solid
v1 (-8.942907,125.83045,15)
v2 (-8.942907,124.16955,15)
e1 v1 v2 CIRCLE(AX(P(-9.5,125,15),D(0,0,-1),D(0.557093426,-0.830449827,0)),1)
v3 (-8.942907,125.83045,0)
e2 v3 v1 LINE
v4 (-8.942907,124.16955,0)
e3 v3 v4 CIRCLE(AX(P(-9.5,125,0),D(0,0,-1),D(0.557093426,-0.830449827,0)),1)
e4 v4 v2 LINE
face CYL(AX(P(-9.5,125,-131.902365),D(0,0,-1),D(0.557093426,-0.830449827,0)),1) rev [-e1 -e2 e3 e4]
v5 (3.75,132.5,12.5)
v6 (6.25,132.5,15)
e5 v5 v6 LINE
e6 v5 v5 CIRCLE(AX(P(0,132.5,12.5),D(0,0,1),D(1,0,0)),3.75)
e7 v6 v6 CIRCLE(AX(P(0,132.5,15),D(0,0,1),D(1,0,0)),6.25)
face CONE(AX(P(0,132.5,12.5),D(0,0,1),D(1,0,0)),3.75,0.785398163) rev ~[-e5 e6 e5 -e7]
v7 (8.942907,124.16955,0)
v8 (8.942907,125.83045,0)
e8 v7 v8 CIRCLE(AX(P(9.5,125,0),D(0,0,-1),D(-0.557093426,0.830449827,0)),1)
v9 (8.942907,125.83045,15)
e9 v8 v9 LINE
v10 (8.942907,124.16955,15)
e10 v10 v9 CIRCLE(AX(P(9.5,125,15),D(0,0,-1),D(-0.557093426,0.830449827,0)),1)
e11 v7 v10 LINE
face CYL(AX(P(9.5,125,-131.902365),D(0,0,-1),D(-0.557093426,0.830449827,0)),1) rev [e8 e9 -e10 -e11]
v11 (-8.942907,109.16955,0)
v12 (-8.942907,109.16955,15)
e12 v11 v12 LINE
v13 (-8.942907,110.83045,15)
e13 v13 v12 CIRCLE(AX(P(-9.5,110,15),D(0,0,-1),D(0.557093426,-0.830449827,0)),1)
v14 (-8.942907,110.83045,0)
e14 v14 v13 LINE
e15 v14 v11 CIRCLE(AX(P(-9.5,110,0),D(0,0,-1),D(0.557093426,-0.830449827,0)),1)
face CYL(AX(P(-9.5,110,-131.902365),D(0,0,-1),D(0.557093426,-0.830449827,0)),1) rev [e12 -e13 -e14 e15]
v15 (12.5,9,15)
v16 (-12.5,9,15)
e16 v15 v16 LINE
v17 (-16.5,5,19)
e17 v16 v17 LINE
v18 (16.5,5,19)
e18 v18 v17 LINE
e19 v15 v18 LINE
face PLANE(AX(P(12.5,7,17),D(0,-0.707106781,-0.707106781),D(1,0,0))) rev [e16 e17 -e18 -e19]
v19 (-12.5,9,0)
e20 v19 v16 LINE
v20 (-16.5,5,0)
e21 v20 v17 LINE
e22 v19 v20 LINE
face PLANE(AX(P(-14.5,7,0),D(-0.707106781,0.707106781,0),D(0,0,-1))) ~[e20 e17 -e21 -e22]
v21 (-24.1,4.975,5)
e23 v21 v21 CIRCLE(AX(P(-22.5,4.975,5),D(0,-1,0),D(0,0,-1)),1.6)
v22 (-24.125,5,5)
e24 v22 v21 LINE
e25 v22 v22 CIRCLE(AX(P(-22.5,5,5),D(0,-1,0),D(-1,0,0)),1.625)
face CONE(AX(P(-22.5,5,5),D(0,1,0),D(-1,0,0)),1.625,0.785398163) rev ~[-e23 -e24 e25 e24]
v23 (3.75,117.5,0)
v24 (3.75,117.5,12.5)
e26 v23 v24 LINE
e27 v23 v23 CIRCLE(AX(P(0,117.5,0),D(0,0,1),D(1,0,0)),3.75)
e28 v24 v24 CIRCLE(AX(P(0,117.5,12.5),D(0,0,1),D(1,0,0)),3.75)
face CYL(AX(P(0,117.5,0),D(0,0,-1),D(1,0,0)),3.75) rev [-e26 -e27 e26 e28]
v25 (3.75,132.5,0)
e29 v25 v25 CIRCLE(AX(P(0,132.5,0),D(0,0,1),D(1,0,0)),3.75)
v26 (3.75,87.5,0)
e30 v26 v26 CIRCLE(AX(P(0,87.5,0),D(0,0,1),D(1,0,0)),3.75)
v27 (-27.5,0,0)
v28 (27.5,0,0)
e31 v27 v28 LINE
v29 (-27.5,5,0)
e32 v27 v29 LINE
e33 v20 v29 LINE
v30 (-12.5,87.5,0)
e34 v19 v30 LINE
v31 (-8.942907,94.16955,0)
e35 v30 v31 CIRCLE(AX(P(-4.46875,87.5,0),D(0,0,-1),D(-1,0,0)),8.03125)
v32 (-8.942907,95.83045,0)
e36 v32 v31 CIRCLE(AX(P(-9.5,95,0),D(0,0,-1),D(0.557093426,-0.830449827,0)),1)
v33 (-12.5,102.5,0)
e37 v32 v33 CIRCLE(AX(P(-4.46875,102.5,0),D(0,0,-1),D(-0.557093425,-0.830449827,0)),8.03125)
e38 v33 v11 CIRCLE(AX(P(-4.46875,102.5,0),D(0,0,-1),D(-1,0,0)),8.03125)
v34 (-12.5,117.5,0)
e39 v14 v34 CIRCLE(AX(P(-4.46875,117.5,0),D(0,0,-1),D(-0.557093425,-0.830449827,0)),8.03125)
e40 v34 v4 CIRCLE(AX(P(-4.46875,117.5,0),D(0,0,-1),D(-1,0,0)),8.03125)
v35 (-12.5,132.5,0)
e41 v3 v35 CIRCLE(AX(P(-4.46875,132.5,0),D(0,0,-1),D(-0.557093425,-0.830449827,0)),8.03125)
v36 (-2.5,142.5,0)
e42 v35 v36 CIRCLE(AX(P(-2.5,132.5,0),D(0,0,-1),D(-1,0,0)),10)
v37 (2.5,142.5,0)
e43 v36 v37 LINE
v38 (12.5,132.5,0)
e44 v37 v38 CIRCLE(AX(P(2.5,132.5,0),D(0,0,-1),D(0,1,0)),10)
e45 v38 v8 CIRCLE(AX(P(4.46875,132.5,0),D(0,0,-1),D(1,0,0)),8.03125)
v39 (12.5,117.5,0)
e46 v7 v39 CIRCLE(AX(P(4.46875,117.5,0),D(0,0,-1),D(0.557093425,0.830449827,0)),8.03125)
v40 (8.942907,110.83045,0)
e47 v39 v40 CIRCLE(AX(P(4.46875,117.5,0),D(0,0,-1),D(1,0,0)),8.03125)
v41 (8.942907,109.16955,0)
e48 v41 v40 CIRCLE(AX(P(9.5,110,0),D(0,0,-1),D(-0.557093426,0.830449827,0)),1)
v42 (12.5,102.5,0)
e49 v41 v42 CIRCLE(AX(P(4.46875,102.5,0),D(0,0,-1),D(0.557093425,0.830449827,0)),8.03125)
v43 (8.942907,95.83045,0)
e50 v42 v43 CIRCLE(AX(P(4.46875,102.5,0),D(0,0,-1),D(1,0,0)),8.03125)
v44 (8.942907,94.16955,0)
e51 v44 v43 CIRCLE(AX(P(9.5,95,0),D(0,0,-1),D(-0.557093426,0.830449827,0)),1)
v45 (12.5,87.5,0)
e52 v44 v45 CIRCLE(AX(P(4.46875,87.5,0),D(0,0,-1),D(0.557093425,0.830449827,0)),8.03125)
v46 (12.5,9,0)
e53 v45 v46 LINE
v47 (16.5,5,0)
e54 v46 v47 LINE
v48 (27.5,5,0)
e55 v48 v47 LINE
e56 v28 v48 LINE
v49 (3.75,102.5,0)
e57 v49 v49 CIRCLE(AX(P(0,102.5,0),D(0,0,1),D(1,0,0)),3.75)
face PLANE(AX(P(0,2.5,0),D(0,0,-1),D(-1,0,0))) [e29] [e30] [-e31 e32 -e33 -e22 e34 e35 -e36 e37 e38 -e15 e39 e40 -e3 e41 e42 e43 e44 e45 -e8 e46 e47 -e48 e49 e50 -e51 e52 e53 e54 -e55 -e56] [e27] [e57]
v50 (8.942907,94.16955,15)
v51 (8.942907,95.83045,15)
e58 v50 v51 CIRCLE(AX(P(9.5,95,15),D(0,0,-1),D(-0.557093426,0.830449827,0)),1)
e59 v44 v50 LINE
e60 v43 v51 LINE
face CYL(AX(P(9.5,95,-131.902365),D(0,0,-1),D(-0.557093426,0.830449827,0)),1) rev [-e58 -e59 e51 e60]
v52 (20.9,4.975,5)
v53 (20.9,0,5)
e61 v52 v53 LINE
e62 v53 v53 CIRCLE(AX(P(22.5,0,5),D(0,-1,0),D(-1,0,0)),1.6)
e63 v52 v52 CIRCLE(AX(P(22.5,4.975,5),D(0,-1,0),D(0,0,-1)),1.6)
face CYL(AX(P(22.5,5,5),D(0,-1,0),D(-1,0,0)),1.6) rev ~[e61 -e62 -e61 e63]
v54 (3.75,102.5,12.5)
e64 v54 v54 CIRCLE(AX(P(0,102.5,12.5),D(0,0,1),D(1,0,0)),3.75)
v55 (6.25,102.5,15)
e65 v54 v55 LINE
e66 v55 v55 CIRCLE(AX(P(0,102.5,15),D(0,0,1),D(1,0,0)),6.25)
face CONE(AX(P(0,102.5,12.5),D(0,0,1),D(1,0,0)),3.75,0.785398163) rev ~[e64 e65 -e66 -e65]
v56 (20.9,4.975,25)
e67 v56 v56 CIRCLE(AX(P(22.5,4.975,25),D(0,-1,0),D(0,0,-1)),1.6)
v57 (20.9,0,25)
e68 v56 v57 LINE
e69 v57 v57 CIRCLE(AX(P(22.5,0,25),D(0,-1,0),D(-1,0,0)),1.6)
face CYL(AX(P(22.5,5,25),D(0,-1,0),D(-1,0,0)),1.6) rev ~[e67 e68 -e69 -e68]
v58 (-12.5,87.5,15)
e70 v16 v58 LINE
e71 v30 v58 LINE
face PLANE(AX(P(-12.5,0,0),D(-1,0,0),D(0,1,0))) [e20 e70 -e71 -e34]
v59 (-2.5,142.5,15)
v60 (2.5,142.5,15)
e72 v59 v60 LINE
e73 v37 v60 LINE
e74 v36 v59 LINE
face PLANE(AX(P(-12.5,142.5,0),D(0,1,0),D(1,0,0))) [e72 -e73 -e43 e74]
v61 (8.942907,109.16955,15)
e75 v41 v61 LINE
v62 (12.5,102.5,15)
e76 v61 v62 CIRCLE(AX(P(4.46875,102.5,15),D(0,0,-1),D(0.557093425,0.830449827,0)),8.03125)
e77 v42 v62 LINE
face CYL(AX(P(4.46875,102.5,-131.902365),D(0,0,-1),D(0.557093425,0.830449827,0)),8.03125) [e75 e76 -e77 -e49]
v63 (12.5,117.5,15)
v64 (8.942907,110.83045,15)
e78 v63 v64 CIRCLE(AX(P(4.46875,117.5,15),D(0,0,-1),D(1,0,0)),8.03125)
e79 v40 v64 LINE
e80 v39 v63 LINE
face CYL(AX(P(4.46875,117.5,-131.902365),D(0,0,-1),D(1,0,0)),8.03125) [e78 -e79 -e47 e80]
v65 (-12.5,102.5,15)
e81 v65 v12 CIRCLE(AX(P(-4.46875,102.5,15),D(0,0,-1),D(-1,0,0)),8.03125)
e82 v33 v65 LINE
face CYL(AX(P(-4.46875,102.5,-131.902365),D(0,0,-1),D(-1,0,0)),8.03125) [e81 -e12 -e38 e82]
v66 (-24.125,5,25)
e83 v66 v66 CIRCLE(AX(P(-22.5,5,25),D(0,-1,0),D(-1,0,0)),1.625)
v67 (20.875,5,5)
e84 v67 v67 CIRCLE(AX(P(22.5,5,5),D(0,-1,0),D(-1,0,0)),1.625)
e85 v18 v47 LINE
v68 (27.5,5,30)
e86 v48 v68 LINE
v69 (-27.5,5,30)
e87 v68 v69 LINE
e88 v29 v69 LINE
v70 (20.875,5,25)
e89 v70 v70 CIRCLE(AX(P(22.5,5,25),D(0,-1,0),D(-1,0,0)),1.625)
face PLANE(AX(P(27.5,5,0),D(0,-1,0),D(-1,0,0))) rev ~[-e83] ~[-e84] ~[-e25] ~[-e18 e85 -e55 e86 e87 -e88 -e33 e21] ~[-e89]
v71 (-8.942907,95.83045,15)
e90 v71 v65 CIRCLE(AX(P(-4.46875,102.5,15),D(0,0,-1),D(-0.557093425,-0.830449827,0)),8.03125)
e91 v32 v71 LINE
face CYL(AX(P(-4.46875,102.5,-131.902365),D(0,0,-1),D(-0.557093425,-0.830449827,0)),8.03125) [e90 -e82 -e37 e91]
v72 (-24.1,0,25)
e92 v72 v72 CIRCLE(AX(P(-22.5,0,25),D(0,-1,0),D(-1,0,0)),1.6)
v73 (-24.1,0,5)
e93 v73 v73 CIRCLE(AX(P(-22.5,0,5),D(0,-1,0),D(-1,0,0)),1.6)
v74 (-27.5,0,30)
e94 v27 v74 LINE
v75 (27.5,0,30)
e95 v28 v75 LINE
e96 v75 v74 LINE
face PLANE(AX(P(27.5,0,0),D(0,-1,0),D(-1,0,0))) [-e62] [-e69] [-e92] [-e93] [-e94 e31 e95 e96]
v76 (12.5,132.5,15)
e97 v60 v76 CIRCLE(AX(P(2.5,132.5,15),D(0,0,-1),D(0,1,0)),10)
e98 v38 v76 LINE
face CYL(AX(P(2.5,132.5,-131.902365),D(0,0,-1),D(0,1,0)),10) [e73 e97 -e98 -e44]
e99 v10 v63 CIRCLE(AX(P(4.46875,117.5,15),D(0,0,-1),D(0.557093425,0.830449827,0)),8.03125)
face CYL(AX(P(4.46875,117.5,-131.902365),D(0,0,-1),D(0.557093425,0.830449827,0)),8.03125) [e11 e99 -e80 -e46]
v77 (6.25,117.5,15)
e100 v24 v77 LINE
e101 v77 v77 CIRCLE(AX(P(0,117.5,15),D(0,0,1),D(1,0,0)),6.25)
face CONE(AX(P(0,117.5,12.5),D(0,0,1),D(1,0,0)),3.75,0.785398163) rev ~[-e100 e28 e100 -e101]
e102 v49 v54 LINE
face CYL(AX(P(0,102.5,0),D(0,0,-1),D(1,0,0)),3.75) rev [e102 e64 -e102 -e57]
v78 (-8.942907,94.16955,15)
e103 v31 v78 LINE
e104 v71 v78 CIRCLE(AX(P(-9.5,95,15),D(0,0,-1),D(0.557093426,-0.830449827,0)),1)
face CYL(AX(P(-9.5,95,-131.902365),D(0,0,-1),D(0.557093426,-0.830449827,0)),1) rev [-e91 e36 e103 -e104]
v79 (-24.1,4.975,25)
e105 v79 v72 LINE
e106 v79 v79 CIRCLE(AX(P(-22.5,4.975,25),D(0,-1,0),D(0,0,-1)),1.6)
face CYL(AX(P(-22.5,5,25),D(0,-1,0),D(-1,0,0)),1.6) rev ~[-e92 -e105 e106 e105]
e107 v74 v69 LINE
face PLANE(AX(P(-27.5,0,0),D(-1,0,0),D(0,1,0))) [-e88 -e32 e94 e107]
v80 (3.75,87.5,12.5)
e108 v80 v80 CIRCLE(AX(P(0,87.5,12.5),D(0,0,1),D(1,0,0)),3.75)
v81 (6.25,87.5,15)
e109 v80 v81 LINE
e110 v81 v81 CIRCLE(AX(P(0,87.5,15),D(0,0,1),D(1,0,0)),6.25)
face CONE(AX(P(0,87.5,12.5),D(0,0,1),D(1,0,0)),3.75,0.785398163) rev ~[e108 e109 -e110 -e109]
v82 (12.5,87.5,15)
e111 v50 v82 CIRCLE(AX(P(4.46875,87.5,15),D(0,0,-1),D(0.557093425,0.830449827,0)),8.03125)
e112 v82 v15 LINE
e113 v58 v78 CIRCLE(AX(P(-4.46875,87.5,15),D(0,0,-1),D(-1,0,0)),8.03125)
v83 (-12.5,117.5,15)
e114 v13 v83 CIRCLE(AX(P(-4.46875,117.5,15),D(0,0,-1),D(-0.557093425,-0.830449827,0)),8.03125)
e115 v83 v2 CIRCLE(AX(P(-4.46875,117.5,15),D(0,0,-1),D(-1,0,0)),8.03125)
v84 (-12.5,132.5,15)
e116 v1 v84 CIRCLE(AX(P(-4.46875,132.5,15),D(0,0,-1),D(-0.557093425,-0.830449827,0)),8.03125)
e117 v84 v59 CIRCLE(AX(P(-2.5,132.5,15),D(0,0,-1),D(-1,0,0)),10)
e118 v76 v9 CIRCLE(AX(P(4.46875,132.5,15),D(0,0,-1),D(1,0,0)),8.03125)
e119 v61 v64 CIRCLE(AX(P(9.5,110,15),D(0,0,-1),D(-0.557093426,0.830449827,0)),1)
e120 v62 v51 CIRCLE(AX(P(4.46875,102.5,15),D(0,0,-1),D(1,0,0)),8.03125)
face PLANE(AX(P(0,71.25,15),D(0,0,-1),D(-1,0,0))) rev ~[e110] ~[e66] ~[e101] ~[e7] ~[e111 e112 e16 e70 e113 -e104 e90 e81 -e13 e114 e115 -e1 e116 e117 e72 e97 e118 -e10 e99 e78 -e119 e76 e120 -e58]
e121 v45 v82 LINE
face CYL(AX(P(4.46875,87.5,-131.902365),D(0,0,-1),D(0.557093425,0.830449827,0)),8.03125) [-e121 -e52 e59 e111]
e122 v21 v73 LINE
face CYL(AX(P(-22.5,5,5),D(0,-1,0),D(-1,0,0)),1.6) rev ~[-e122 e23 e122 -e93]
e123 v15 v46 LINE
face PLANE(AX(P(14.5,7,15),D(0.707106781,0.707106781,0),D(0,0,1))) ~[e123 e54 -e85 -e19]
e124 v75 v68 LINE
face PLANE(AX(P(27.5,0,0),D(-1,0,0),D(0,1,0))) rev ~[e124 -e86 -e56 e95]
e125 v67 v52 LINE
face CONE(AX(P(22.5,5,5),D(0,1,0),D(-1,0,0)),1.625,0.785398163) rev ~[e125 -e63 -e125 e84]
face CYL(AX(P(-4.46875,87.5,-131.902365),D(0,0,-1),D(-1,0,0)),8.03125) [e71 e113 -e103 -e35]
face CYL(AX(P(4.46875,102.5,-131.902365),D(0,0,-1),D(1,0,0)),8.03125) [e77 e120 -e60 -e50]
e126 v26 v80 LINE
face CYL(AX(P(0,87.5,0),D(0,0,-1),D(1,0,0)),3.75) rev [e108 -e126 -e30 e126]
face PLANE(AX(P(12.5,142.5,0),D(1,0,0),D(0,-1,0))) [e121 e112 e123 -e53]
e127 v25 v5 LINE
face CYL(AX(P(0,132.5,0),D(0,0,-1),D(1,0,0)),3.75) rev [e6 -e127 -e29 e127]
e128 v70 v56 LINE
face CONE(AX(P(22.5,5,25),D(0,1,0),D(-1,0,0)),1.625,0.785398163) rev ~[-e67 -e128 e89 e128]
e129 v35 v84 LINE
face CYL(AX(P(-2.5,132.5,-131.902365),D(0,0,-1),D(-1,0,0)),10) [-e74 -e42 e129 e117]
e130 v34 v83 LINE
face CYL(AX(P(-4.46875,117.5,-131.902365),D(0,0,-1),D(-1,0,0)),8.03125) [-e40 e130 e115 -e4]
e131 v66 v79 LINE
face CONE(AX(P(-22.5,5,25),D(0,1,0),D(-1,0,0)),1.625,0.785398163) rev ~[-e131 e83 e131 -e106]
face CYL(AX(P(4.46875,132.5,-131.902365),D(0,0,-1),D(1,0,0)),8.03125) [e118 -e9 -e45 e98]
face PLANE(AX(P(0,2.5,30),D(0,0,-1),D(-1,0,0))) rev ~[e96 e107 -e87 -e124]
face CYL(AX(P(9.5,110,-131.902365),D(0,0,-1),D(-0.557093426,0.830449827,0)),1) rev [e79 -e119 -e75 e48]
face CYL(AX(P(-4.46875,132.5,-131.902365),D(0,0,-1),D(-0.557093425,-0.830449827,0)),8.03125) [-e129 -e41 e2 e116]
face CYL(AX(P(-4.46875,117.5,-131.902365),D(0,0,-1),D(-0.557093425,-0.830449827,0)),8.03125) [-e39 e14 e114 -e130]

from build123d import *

# Parameters (mm, degrees)
SKETCH1_R                            = 3.75
BOSS_EXTRUDE1_DEPTH                  = 15
SKETCH2_W                            = 55
SKETCH2_H                            = 5
BOSS_EXTRUDE2_DEPTH                  = 30
F_3_2_3_2_DIAMETER_HOLE1_D           = 3.2
F_3_2_3_2_DIAMETER_HOLE1_CSINK_D     = 3.25
F_3_2_3_2_DIAMETER_HOLE1_CSINK_ANGLE = 90
CHAMFER1_SIZE                        = 4
CUT_EXTRUDE1_DEPTH                   = 146.902364614
CUT_EXTRUDE1_DEPTH_BACK              = 146.902364614
CHAMFER2_SIZE                        = 2.5


with BuildPart() as part:
    # Sketch1 → Boss-Extrude1 (new body)
    with BuildSketch(Plane.XY):
        Polygon((0, 0), (-12.5, 0), (-12.5, 142.5), (12.5, 142.5), (12.5, 0), align=None)
        with Locations((0, 132.5)):
            Circle(SKETCH1_R, mode=Mode.SUBTRACT)
        with Locations((0, 117.5)):
            Circle(SKETCH1_R, mode=Mode.SUBTRACT)
        with Locations((0, 102.5)):
            Circle(SKETCH1_R, mode=Mode.SUBTRACT)
        with Locations((0, 87.5)):
            Circle(SKETCH1_R, mode=Mode.SUBTRACT)
    extrude(amount=BOSS_EXTRUDE1_DEPTH)

    # Sketch2 → Boss-Extrude2 (add)
    with BuildSketch(Plane(origin=(0, 0, 0), x_dir=(-1, 0, 0), z_dir=(0, 0, -1))):
        with Locations((0, 2.5)):
            Rectangle(SKETCH2_W, SKETCH2_H)
    extrude(amount=-BOSS_EXTRUDE2_DEPTH)

    # Ø3.2 (3.2) Diameter Hole1 (through all)
    with Locations(Plane(origin=(0, 5, 0), x_dir=(1, 0, 0), z_dir=(0, 1, 0))):
        with Locations((-22.5, -5), (-22.5, -25), (22.5, -25), (22.5, -5)):
            CounterSinkHole(F_3_2_3_2_DIAMETER_HOLE1_D / 2, F_3_2_3_2_DIAMETER_HOLE1_CSINK_D / 2, counter_sink_angle=F_3_2_3_2_DIAMETER_HOLE1_CSINK_ANGLE)

    # Chamfer1
    chamfer1_edges = [part.edges().sort_by_distance(p)[0] for p in [
        (-12.5, 5, 7.5),
        (0, 5, 15),
        (12.5, 5, 7.5),
    ]]
    chamfer(chamfer1_edges, length=CHAMFER1_SIZE)

    # Sketch6 → Cut-Extrude1 (cut, two sides: drawn at the far end of the back side and taken through both)
    with BuildSketch(Plane.XY.offset(15).offset(-CUT_EXTRUDE1_DEPTH_BACK)):
        with BuildLine():
            ThreePointArc((-8.942906574, 110.830449827), (-11.555147059, 113.720588235), (-12.5, 117.5))
            Line((-12.5, 117.5), (-12.5, 102.5))
            ThreePointArc((-12.5, 102.5), (-11.555147059, 106.279411765), (-8.942906574, 109.169550173))
            ThreePointArc((-8.942906574, 109.169550173), (-8.5, 110), (-8.942906574, 110.830449827))
        make_face()
        with BuildLine():
            Line((12.5, 87.5), (12.5, 102.5))
            ThreePointArc((12.5, 102.5), (11.555147059, 98.720588235), (8.942906574, 95.830449827))
            ThreePointArc((8.942906574, 95.830449827), (8.5, 95), (8.942906574, 94.169550173))
            ThreePointArc((8.942906574, 94.169550173), (11.555147059, 91.279411765), (12.5, 87.5))
        make_face()
        with BuildLine():
            Line((12.5, 102.5), (12.5, 117.5))
            ThreePointArc((12.5, 117.5), (11.555147059, 113.720588235), (8.942906574, 110.830449827))
            ThreePointArc((8.942906574, 110.830449827), (8.5, 110), (8.942906574, 109.169550173))
            ThreePointArc((8.942906574, 109.169550173), (11.555147059, 106.279411765), (12.5, 102.5))
        make_face()
        with BuildLine():
            Line((12.5, 117.5), (12.5, 132.5))
            ThreePointArc((12.5, 132.5), (11.555147059, 128.720588235), (8.942906574, 125.830449827))
            ThreePointArc((8.942906574, 125.830449827), (8.5, 125), (8.942906574, 124.169550173))
            ThreePointArc((8.942906574, 124.169550173), (11.555147059, 121.279411765), (12.5, 117.5))
        make_face()
        with BuildLine():
            Line((12.5, 142.5), (2.5, 142.5))
            ThreePointArc((2.5, 142.5), (9.571067812, 139.571067812), (12.5, 132.5))
            Line((12.5, 132.5), (12.5, 142.5))
        make_face()
        with BuildLine():
            Line((-12.5, 142.5), (-12.5, 132.5))
            ThreePointArc((-12.5, 132.5), (-9.571067812, 139.571067812), (-2.5, 142.5))
            Line((-2.5, 142.5), (-12.5, 142.5))
        make_face()
        with BuildLine():
            ThreePointArc((-8.942906574, 125.830449827), (-11.555147059, 128.720588235), (-12.5, 132.5))
            Line((-12.5, 132.5), (-12.5, 117.5))
            ThreePointArc((-12.5, 117.5), (-11.555147059, 121.279411765), (-8.942906574, 124.169550173))
            ThreePointArc((-8.942906574, 124.169550173), (-8.5, 125), (-8.942906574, 125.830449827))
        make_face()
        with BuildLine():
            Line((-12.5, 102.5), (-12.5, 87.5))
            ThreePointArc((-12.5, 87.5), (-11.555147059, 91.279411765), (-8.942906574, 94.169550173))
            ThreePointArc((-8.942906574, 94.169550173), (-8.5, 95), (-8.942906574, 95.830449827))
            ThreePointArc((-8.942906574, 95.830449827), (-11.555147059, 98.720588235), (-12.5, 102.5))
        make_face()
    extrude(amount=CUT_EXTRUDE1_DEPTH + CUT_EXTRUDE1_DEPTH_BACK, mode=Mode.SUBTRACT)

    # Chamfer2
    chamfer2_edges = [part.edges().sort_by_distance(p)[0] for p in [
        (-3.75, 117.5, 15),
        (-3.75, 102.5, 15),
        (-3.75, 132.5, 15),
        (-3.75, 87.5, 15),
    ]]
    chamfer(chamfer2_edges, length=CHAMFER2_SIZE)


solid = part.part
